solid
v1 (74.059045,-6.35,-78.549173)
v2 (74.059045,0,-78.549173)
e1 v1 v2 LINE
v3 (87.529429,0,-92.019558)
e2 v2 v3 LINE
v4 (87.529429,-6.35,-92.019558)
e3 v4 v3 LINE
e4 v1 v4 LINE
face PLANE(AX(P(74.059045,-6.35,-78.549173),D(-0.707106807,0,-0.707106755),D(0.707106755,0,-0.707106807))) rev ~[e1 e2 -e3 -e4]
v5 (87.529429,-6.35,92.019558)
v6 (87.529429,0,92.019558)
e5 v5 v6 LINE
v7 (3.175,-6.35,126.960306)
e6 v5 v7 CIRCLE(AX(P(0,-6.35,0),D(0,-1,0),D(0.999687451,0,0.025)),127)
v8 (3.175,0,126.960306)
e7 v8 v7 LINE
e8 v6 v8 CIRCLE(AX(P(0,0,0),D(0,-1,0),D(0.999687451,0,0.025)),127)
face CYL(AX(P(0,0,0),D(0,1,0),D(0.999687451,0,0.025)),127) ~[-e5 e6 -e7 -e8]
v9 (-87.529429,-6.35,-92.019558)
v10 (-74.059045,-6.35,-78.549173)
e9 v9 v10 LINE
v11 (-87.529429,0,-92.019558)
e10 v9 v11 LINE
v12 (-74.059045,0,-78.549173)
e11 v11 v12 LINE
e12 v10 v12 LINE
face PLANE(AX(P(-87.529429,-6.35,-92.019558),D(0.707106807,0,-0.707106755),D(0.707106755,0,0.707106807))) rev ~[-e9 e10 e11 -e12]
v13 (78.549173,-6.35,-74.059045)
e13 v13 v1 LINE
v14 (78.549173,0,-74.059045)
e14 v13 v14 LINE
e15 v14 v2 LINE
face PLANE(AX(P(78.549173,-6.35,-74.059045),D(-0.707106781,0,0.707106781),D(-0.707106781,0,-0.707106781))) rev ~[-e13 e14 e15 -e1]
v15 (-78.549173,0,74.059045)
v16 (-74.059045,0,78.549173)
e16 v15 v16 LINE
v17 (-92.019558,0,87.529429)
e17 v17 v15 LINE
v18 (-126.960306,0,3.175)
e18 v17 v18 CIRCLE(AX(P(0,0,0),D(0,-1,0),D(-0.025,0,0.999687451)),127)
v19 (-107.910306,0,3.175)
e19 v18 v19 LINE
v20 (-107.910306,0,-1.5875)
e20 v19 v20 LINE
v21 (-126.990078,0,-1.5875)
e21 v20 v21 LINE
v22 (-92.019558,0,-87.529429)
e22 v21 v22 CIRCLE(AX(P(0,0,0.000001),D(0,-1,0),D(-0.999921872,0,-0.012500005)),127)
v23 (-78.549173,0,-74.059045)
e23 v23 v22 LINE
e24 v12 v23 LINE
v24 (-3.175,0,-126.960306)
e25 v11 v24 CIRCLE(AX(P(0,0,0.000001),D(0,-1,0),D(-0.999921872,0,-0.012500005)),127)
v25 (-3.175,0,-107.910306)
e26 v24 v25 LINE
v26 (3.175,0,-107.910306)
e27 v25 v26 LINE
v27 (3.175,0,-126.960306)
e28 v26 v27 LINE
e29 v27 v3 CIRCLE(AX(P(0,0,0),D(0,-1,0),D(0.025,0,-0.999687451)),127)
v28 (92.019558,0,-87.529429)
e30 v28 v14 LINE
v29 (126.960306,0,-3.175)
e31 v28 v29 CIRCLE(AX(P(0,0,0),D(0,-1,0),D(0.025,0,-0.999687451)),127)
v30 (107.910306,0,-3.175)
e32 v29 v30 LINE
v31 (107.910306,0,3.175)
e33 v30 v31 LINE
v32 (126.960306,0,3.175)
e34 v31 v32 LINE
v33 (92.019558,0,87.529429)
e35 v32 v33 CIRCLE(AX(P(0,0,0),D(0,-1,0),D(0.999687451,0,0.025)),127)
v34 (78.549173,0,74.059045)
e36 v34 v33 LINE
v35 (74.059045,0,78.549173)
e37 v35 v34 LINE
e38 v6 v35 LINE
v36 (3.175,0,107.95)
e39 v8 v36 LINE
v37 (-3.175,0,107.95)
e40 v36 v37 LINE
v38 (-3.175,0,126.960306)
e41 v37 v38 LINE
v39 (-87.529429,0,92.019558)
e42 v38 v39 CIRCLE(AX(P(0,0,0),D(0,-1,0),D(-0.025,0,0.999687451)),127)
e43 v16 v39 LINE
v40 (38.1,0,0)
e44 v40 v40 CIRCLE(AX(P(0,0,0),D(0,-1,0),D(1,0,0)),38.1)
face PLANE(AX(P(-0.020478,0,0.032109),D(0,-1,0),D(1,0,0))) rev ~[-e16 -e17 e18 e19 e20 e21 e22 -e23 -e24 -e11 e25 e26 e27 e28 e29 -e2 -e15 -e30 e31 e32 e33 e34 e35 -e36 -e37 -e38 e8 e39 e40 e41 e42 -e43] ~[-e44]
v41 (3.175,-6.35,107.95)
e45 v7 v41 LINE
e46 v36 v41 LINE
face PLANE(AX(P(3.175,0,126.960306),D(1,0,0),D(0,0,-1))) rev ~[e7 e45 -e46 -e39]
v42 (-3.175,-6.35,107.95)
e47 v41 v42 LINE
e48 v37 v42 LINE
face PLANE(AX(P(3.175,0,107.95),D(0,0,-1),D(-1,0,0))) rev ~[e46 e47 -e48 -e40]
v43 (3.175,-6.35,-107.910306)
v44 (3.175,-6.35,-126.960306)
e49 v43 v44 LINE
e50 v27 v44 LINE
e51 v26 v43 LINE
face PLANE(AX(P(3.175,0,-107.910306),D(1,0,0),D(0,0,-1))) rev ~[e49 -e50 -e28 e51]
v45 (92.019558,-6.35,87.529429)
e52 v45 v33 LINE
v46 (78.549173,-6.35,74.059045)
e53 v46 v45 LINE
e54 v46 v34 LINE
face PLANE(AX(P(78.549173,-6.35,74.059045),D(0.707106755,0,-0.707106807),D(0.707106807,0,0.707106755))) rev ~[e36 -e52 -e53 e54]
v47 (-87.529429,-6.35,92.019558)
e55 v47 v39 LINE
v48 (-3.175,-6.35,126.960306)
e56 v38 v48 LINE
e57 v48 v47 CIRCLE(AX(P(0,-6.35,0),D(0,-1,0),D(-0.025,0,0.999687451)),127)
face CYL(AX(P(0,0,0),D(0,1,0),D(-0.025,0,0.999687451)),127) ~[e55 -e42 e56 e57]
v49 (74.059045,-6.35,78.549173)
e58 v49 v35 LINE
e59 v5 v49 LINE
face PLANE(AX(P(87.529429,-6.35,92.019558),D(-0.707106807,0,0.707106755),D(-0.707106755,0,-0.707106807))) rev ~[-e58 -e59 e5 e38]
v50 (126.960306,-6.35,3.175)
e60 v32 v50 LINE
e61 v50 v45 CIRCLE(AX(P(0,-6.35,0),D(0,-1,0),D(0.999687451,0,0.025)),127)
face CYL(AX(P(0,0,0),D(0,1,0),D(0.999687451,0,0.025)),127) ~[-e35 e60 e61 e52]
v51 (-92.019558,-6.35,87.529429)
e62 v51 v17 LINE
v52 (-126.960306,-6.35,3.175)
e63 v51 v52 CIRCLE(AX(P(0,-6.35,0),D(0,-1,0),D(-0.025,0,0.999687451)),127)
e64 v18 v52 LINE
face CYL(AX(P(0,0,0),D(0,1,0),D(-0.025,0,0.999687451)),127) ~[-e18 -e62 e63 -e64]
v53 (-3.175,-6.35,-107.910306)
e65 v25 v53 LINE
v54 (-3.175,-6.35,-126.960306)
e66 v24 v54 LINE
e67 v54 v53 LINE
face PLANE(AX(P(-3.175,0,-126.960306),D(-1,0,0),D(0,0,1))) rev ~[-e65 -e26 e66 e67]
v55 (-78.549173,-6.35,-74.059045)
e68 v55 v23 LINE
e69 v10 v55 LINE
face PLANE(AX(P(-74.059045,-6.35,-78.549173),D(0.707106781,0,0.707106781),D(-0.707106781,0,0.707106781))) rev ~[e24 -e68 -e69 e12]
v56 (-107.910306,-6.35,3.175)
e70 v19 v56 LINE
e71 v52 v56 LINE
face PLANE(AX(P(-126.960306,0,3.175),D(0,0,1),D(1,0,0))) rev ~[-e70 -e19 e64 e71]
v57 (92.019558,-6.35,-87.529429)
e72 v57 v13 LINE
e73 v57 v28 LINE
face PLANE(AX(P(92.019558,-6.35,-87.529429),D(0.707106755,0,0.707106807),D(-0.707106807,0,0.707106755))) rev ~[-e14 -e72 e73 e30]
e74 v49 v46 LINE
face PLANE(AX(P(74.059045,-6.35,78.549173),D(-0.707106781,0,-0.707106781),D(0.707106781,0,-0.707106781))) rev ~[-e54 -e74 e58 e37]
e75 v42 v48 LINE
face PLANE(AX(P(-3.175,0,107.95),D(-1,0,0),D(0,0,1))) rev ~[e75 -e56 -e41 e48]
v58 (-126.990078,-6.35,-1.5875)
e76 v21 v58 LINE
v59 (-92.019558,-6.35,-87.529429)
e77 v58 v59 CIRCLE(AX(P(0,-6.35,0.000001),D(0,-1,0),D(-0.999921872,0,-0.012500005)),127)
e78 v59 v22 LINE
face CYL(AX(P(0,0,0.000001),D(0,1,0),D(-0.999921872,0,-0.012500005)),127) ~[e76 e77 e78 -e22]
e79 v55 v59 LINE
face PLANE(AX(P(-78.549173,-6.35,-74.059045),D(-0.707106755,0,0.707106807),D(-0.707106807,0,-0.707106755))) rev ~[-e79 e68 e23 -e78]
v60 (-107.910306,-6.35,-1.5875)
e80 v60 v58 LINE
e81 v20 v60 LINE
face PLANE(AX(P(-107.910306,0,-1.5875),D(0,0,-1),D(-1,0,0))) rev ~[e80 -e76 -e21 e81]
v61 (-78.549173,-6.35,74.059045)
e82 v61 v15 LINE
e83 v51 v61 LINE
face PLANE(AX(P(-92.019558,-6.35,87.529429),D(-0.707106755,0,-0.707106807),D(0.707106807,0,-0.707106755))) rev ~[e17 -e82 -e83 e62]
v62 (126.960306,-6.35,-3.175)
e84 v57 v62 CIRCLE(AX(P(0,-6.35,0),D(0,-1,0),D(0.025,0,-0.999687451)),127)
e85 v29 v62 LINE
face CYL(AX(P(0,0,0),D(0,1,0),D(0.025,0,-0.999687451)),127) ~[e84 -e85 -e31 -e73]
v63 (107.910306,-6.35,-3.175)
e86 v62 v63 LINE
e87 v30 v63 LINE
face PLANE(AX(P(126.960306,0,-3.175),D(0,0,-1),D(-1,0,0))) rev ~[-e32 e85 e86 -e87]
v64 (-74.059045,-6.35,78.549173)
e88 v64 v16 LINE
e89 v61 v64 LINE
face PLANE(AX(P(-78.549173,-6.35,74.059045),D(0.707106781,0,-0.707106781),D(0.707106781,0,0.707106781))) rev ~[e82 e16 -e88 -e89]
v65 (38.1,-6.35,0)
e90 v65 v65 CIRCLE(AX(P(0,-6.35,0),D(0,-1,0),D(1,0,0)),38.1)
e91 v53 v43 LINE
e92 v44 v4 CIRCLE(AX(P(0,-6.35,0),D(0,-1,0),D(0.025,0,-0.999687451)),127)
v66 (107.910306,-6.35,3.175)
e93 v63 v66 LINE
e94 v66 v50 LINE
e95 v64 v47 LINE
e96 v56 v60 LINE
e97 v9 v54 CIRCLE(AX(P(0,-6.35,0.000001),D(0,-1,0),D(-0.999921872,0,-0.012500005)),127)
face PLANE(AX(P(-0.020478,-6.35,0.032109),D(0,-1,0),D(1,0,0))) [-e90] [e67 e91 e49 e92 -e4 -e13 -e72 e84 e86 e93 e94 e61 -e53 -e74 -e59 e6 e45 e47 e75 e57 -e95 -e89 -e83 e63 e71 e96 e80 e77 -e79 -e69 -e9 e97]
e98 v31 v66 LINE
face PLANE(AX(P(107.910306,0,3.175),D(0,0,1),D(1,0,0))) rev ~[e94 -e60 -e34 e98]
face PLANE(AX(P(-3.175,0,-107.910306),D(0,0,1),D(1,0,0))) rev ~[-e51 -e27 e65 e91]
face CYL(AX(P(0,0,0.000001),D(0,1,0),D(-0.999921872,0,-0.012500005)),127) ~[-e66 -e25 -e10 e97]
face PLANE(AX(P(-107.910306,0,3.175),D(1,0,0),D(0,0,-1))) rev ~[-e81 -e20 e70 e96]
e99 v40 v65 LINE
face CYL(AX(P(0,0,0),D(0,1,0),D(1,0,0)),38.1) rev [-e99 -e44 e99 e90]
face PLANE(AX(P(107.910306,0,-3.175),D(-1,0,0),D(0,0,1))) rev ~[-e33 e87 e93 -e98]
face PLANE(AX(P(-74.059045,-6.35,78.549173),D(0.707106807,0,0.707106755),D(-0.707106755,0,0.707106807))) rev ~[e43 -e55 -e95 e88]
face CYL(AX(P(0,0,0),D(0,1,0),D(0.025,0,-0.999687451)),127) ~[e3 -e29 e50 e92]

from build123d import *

# Parameters (mm, degrees)
F0_R     = 38.1
F1_DEPTH = 6.35
F3_DEPTH = 25.4


with BuildPart() as f1:
    # F0 (on Front) → F1 (new body)
    with BuildSketch(Plane.XZ):
        with BuildLine():
            Line((107.910306, 3.175), (126.960306, 3.175))
            ThreePointArc((126.960306, 3.175), (89.802561, 89.802561), (3.175, 126.960306))
            Line((3.175, 126.960306), (3.175, 107.95))
            Line((3.175, 107.95), (-3.175, 107.95))
            Line((-3.175, 107.95), (-3.175, 126.960306))
            ThreePointArc((-3.175, 126.960306), (-89.802561, 89.802561), (-126.960306, 3.175))
            Line((-126.960306, 3.175), (-107.910306, 3.175))
            Line((-107.910306, 3.175), (-107.910306, -1.5875))
            Line((-107.910306, -1.5875), (-126.990078, -1.5875))
            ThreePointArc((-126.990078, -1.5875), (-90.362171, -89.239442), (-3.175, -126.960306))
            Line((-3.175, -126.960306), (-3.175, -107.910306))
            Line((-3.175, -107.910306), (3.175, -107.910306))
            Line((3.175, -107.910306), (3.175, -126.960306))
            ThreePointArc((3.175, -126.960306), (89.802561, -89.802561), (126.960306, -3.175))
            Line((126.960306, -3.175), (107.910306, -3.175))
            Line((107.910306, -3.175), (107.910306, 3.175))
        make_face()
        Circle(F0_R, mode=Mode.SUBTRACT)
    extrude(amount=F1_DEPTH)

    # F2 (on face) → F3 (cut)
    with BuildSketch(Plane.XZ.offset(6.35)):
        Polygon((74.059045, 78.549173), (76.304109, 76.304109), (78.549173, 74.059045), (92.019558, 87.529429), (97.280774, 92.737254), (92.76395, 97.254078), (87.529429, 92.019558), align=None)
        Polygon((78.549173, -74.059045), (76.304109, -76.304109), (74.059045, -78.549173), (87.529429, -92.019558), (97.125031, -102.679037), (102.767334, -97.599868), (92.019558, -87.529429), align=None)
        Polygon((-74.059045, -78.549173), (-76.304109, -76.304109), (-78.549173, -74.059045), (-92.019558, -87.529429), (-97.248051, -92.726782), (-92.600375, -97.240731), (-87.529429, -92.019558), align=None)
        Polygon((-78.549173, 74.059045), (-76.304109, 76.304109), (-74.059045, 78.549173), (-87.529429, 92.019558), (-93.063728, 97.553856), (-97.69151, 92.926074), (-92.019558, 87.529429), align=None)
    extrude(amount=-F3_DEPTH, mode=Mode.SUBTRACT)


solid = f1.part
